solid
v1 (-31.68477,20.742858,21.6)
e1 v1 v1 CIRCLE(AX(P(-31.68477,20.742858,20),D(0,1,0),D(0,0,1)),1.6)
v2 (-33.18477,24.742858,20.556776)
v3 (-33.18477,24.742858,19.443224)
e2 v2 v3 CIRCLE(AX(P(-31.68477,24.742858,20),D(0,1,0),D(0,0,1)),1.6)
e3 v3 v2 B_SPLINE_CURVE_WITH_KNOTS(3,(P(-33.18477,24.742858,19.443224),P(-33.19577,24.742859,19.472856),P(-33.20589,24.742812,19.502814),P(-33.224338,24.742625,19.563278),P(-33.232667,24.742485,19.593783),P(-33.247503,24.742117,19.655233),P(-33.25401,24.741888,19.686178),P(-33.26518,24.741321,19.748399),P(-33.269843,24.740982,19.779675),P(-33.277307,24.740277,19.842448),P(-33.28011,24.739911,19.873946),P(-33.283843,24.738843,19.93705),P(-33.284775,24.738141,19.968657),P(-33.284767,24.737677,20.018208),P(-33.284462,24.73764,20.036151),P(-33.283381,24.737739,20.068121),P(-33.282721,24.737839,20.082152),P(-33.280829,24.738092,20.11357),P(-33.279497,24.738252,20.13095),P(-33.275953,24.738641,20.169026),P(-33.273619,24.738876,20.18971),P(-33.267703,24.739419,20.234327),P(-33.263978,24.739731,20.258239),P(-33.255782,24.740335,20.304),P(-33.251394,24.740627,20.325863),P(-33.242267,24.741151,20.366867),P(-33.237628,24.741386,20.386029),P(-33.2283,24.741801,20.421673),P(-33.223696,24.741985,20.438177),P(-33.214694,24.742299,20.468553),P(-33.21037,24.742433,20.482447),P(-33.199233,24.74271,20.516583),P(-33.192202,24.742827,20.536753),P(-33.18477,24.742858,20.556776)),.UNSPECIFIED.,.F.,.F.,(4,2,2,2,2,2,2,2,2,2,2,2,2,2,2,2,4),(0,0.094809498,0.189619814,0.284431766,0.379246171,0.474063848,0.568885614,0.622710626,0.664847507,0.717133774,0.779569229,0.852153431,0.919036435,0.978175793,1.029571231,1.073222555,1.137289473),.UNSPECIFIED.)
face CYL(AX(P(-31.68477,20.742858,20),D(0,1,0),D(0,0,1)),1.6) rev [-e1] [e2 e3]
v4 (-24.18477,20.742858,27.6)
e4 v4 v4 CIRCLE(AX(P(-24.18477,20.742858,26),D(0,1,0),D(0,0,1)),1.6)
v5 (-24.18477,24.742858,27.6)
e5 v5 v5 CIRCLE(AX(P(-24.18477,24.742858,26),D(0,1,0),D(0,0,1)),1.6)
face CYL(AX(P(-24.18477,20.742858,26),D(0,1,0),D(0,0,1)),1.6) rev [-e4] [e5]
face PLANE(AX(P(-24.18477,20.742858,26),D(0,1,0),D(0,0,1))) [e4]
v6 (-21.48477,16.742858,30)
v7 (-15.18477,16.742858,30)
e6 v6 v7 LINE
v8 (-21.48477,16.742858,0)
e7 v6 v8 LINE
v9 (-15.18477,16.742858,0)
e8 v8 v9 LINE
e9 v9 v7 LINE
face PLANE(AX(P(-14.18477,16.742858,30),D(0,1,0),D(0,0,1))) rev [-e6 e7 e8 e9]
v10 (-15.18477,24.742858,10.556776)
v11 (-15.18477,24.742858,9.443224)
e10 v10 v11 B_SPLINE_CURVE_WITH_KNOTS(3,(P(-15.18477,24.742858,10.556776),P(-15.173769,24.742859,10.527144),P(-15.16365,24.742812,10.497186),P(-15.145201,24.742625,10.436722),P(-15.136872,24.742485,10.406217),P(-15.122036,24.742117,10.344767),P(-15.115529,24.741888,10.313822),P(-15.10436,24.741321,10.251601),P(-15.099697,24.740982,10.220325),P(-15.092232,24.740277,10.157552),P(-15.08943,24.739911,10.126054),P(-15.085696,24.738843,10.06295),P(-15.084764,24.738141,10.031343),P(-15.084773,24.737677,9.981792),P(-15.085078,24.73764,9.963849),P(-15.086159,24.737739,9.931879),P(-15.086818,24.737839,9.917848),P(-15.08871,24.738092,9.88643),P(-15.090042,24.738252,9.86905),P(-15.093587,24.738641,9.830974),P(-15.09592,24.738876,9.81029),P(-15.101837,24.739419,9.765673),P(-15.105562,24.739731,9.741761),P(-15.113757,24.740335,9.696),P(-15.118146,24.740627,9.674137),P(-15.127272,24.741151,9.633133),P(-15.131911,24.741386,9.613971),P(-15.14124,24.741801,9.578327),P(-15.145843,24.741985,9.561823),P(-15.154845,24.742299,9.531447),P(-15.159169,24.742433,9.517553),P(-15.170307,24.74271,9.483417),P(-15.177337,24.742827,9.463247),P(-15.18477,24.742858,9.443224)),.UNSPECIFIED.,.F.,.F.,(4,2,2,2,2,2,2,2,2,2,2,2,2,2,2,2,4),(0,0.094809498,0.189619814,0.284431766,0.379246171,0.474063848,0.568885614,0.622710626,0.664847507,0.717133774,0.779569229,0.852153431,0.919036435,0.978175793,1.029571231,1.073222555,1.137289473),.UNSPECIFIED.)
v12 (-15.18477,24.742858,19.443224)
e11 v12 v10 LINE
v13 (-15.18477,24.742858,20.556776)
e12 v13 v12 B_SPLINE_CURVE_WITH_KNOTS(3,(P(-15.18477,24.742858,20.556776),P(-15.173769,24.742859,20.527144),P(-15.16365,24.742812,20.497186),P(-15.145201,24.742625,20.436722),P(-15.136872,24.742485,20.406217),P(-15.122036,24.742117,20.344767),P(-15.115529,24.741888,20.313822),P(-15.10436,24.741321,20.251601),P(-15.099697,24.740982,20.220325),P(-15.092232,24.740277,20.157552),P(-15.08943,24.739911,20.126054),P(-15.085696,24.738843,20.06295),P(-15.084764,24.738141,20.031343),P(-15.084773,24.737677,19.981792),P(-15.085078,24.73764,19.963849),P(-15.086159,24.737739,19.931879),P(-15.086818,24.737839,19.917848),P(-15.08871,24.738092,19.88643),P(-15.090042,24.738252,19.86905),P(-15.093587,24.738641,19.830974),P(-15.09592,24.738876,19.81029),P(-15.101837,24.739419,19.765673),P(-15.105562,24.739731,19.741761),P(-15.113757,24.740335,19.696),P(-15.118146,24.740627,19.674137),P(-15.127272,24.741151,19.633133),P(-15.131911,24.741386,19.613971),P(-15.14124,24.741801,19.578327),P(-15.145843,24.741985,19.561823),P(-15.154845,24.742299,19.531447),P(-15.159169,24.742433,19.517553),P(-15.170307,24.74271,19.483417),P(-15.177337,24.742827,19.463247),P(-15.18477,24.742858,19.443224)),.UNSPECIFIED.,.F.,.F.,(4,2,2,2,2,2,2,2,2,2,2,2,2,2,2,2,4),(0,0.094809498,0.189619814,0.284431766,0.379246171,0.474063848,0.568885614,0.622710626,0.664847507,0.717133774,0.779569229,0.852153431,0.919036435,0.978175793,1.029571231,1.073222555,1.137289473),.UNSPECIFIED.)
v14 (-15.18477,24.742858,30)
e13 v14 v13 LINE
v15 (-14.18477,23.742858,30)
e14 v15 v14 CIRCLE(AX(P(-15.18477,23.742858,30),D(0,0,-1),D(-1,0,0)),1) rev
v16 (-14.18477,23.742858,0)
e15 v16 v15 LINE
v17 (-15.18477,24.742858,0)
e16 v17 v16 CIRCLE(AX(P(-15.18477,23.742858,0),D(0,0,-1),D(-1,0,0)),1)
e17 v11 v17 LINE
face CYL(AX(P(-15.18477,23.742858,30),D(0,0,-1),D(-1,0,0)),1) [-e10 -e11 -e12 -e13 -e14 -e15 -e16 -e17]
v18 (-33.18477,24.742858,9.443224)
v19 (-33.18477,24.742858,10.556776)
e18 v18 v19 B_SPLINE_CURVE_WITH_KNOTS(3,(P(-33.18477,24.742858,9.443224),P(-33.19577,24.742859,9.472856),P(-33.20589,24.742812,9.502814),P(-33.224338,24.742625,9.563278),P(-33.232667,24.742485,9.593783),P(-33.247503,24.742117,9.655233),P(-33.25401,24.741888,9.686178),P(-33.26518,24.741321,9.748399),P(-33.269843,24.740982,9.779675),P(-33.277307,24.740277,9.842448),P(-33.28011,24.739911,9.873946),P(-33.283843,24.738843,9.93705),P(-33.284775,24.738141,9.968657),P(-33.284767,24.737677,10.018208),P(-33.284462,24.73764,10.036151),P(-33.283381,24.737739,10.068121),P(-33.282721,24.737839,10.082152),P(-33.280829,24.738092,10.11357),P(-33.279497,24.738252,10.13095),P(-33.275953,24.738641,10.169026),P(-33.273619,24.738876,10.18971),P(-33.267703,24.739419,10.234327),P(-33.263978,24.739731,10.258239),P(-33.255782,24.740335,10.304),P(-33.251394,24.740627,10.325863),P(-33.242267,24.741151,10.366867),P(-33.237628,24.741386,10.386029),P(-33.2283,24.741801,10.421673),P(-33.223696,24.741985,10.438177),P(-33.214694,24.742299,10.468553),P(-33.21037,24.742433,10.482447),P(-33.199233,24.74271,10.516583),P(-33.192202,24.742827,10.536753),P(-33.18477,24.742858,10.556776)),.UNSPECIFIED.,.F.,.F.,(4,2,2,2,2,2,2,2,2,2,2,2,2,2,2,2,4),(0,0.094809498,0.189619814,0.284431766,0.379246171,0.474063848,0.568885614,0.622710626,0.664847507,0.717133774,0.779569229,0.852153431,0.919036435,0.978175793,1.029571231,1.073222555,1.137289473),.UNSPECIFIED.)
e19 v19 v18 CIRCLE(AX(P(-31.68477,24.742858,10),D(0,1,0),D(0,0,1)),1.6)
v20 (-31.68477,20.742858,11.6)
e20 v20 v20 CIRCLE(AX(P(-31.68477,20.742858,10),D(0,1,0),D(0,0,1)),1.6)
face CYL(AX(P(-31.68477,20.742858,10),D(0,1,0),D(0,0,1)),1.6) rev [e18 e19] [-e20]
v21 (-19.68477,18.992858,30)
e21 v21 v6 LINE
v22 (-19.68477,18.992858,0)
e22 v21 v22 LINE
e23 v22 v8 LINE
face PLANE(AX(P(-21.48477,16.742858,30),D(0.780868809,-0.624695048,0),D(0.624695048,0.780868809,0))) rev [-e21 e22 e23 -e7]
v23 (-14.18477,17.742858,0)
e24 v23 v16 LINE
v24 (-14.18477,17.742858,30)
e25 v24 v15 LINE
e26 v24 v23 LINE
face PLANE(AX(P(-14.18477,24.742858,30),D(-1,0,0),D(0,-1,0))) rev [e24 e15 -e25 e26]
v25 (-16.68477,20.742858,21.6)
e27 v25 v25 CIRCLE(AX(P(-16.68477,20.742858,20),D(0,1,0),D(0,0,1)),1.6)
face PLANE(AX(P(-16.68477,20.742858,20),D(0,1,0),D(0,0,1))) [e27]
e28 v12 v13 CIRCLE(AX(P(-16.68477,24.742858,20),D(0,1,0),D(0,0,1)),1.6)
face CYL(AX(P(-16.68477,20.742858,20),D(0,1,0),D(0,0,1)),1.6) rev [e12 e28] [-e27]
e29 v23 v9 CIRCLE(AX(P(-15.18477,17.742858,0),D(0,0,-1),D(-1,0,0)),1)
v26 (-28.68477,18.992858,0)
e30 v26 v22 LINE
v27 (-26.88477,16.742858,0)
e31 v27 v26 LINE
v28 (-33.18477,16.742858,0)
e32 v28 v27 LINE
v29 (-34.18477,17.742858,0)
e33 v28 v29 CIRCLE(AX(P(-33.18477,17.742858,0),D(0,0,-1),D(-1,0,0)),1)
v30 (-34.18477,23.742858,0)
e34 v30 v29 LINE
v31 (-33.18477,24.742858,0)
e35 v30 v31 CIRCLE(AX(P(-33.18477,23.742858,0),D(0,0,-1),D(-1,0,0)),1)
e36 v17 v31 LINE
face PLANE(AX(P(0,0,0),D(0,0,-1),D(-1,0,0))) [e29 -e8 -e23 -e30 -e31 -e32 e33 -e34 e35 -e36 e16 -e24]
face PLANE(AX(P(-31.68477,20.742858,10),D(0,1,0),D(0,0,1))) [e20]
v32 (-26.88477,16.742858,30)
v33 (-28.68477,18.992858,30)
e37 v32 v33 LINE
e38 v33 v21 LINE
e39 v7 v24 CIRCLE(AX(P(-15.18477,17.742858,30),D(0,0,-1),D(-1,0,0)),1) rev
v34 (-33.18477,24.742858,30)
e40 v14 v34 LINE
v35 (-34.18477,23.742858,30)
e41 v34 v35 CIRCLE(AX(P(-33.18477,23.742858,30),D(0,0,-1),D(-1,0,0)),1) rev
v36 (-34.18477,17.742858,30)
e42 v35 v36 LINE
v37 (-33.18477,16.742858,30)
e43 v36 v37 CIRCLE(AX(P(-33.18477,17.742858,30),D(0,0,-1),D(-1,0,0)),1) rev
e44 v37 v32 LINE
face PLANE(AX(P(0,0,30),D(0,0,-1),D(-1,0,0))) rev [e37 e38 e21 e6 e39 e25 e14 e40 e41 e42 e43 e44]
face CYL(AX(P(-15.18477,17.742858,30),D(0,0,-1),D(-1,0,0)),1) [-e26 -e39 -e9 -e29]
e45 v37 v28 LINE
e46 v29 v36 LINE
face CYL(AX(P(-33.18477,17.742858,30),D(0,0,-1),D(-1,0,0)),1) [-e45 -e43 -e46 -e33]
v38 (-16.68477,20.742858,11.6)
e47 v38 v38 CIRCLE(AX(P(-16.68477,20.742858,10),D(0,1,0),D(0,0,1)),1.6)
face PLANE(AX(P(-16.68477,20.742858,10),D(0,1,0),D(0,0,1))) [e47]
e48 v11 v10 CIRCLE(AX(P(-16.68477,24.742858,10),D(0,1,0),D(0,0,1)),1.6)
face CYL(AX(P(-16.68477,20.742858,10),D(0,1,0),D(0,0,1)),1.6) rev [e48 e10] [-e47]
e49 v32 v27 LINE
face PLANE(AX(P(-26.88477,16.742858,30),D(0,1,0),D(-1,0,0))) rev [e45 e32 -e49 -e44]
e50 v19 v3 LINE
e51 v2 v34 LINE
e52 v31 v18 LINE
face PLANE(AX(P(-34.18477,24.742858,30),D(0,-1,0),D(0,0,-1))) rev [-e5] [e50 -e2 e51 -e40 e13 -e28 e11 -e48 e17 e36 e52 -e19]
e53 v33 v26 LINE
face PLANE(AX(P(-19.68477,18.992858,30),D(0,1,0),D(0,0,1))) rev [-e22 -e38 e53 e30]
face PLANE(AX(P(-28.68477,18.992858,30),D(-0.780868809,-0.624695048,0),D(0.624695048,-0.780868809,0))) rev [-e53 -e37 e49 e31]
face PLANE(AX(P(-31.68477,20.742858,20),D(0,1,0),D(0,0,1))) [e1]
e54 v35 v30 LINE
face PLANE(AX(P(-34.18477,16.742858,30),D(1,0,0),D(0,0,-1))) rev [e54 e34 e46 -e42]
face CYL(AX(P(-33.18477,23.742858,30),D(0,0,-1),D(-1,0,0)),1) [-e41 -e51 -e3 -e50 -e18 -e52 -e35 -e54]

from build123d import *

# Parameters (mm, degrees)
EXTRUDE_1_DEPTH     = 30
FILLET_1_R          = 1
SKETCH_3_R          = 1.6
CUT_EXTRUDE_1_DEPTH = 4


with BuildPart() as part:
    # 草图1 → 凸台-拉伸1 (new body)
    with BuildSketch(Plane.XY):
        Polygon((-34.18476969, 24.74285776), (-14.18476969, 24.74285776), (-14.18476969, 16.74285776), (-21.48476969, 16.74285776), (-19.68476969, 18.99285776), (-28.68476969, 18.99285776), (-26.88476969, 16.74285776), (-34.18476969, 16.74285776), align=None)
    extrude(amount=EXTRUDE_1_DEPTH)

    # 圆角1
    fillet_1_edges = [part.edges().sort_by_distance(p)[0] for p in [
        (-34.18476969, 24.74285776, 15),
        (-14.18476969, 24.74285776, 15),
        (-14.18476969, 16.74285776, 15),
        (-34.18476969, 16.74285776, 15),
    ]]
    fillet(fillet_1_edges, radius=FILLET_1_R)

    # 草图3 → 切除-拉伸1 (cut)
    with BuildSketch(Plane(origin=(0, 24.74285776, 0), x_dir=(1, 0, 0), z_dir=(0, 1, 0))):
        with Locations(Location((-31.68476969, -10, 0), (0, 0, 270))):
            Circle(SKETCH_3_R)
        with Locations(Location((-31.68476969, -20, 0), (0, 0, 270))):
            Circle(SKETCH_3_R)
        with Locations(Location((-16.68476969, -10, 0), (0, 0, 270))):
            Circle(SKETCH_3_R)
        with Locations(Location((-16.68476969, -20, 0), (0, 0, 270))):
            Circle(SKETCH_3_R)
        with Locations(Location((-24.18476969, -26, 0), (0, 0, 270))):
            Circle(SKETCH_3_R)
    extrude(amount=-CUT_EXTRUDE_1_DEPTH, mode=Mode.SUBTRACT)


solid = part.part
